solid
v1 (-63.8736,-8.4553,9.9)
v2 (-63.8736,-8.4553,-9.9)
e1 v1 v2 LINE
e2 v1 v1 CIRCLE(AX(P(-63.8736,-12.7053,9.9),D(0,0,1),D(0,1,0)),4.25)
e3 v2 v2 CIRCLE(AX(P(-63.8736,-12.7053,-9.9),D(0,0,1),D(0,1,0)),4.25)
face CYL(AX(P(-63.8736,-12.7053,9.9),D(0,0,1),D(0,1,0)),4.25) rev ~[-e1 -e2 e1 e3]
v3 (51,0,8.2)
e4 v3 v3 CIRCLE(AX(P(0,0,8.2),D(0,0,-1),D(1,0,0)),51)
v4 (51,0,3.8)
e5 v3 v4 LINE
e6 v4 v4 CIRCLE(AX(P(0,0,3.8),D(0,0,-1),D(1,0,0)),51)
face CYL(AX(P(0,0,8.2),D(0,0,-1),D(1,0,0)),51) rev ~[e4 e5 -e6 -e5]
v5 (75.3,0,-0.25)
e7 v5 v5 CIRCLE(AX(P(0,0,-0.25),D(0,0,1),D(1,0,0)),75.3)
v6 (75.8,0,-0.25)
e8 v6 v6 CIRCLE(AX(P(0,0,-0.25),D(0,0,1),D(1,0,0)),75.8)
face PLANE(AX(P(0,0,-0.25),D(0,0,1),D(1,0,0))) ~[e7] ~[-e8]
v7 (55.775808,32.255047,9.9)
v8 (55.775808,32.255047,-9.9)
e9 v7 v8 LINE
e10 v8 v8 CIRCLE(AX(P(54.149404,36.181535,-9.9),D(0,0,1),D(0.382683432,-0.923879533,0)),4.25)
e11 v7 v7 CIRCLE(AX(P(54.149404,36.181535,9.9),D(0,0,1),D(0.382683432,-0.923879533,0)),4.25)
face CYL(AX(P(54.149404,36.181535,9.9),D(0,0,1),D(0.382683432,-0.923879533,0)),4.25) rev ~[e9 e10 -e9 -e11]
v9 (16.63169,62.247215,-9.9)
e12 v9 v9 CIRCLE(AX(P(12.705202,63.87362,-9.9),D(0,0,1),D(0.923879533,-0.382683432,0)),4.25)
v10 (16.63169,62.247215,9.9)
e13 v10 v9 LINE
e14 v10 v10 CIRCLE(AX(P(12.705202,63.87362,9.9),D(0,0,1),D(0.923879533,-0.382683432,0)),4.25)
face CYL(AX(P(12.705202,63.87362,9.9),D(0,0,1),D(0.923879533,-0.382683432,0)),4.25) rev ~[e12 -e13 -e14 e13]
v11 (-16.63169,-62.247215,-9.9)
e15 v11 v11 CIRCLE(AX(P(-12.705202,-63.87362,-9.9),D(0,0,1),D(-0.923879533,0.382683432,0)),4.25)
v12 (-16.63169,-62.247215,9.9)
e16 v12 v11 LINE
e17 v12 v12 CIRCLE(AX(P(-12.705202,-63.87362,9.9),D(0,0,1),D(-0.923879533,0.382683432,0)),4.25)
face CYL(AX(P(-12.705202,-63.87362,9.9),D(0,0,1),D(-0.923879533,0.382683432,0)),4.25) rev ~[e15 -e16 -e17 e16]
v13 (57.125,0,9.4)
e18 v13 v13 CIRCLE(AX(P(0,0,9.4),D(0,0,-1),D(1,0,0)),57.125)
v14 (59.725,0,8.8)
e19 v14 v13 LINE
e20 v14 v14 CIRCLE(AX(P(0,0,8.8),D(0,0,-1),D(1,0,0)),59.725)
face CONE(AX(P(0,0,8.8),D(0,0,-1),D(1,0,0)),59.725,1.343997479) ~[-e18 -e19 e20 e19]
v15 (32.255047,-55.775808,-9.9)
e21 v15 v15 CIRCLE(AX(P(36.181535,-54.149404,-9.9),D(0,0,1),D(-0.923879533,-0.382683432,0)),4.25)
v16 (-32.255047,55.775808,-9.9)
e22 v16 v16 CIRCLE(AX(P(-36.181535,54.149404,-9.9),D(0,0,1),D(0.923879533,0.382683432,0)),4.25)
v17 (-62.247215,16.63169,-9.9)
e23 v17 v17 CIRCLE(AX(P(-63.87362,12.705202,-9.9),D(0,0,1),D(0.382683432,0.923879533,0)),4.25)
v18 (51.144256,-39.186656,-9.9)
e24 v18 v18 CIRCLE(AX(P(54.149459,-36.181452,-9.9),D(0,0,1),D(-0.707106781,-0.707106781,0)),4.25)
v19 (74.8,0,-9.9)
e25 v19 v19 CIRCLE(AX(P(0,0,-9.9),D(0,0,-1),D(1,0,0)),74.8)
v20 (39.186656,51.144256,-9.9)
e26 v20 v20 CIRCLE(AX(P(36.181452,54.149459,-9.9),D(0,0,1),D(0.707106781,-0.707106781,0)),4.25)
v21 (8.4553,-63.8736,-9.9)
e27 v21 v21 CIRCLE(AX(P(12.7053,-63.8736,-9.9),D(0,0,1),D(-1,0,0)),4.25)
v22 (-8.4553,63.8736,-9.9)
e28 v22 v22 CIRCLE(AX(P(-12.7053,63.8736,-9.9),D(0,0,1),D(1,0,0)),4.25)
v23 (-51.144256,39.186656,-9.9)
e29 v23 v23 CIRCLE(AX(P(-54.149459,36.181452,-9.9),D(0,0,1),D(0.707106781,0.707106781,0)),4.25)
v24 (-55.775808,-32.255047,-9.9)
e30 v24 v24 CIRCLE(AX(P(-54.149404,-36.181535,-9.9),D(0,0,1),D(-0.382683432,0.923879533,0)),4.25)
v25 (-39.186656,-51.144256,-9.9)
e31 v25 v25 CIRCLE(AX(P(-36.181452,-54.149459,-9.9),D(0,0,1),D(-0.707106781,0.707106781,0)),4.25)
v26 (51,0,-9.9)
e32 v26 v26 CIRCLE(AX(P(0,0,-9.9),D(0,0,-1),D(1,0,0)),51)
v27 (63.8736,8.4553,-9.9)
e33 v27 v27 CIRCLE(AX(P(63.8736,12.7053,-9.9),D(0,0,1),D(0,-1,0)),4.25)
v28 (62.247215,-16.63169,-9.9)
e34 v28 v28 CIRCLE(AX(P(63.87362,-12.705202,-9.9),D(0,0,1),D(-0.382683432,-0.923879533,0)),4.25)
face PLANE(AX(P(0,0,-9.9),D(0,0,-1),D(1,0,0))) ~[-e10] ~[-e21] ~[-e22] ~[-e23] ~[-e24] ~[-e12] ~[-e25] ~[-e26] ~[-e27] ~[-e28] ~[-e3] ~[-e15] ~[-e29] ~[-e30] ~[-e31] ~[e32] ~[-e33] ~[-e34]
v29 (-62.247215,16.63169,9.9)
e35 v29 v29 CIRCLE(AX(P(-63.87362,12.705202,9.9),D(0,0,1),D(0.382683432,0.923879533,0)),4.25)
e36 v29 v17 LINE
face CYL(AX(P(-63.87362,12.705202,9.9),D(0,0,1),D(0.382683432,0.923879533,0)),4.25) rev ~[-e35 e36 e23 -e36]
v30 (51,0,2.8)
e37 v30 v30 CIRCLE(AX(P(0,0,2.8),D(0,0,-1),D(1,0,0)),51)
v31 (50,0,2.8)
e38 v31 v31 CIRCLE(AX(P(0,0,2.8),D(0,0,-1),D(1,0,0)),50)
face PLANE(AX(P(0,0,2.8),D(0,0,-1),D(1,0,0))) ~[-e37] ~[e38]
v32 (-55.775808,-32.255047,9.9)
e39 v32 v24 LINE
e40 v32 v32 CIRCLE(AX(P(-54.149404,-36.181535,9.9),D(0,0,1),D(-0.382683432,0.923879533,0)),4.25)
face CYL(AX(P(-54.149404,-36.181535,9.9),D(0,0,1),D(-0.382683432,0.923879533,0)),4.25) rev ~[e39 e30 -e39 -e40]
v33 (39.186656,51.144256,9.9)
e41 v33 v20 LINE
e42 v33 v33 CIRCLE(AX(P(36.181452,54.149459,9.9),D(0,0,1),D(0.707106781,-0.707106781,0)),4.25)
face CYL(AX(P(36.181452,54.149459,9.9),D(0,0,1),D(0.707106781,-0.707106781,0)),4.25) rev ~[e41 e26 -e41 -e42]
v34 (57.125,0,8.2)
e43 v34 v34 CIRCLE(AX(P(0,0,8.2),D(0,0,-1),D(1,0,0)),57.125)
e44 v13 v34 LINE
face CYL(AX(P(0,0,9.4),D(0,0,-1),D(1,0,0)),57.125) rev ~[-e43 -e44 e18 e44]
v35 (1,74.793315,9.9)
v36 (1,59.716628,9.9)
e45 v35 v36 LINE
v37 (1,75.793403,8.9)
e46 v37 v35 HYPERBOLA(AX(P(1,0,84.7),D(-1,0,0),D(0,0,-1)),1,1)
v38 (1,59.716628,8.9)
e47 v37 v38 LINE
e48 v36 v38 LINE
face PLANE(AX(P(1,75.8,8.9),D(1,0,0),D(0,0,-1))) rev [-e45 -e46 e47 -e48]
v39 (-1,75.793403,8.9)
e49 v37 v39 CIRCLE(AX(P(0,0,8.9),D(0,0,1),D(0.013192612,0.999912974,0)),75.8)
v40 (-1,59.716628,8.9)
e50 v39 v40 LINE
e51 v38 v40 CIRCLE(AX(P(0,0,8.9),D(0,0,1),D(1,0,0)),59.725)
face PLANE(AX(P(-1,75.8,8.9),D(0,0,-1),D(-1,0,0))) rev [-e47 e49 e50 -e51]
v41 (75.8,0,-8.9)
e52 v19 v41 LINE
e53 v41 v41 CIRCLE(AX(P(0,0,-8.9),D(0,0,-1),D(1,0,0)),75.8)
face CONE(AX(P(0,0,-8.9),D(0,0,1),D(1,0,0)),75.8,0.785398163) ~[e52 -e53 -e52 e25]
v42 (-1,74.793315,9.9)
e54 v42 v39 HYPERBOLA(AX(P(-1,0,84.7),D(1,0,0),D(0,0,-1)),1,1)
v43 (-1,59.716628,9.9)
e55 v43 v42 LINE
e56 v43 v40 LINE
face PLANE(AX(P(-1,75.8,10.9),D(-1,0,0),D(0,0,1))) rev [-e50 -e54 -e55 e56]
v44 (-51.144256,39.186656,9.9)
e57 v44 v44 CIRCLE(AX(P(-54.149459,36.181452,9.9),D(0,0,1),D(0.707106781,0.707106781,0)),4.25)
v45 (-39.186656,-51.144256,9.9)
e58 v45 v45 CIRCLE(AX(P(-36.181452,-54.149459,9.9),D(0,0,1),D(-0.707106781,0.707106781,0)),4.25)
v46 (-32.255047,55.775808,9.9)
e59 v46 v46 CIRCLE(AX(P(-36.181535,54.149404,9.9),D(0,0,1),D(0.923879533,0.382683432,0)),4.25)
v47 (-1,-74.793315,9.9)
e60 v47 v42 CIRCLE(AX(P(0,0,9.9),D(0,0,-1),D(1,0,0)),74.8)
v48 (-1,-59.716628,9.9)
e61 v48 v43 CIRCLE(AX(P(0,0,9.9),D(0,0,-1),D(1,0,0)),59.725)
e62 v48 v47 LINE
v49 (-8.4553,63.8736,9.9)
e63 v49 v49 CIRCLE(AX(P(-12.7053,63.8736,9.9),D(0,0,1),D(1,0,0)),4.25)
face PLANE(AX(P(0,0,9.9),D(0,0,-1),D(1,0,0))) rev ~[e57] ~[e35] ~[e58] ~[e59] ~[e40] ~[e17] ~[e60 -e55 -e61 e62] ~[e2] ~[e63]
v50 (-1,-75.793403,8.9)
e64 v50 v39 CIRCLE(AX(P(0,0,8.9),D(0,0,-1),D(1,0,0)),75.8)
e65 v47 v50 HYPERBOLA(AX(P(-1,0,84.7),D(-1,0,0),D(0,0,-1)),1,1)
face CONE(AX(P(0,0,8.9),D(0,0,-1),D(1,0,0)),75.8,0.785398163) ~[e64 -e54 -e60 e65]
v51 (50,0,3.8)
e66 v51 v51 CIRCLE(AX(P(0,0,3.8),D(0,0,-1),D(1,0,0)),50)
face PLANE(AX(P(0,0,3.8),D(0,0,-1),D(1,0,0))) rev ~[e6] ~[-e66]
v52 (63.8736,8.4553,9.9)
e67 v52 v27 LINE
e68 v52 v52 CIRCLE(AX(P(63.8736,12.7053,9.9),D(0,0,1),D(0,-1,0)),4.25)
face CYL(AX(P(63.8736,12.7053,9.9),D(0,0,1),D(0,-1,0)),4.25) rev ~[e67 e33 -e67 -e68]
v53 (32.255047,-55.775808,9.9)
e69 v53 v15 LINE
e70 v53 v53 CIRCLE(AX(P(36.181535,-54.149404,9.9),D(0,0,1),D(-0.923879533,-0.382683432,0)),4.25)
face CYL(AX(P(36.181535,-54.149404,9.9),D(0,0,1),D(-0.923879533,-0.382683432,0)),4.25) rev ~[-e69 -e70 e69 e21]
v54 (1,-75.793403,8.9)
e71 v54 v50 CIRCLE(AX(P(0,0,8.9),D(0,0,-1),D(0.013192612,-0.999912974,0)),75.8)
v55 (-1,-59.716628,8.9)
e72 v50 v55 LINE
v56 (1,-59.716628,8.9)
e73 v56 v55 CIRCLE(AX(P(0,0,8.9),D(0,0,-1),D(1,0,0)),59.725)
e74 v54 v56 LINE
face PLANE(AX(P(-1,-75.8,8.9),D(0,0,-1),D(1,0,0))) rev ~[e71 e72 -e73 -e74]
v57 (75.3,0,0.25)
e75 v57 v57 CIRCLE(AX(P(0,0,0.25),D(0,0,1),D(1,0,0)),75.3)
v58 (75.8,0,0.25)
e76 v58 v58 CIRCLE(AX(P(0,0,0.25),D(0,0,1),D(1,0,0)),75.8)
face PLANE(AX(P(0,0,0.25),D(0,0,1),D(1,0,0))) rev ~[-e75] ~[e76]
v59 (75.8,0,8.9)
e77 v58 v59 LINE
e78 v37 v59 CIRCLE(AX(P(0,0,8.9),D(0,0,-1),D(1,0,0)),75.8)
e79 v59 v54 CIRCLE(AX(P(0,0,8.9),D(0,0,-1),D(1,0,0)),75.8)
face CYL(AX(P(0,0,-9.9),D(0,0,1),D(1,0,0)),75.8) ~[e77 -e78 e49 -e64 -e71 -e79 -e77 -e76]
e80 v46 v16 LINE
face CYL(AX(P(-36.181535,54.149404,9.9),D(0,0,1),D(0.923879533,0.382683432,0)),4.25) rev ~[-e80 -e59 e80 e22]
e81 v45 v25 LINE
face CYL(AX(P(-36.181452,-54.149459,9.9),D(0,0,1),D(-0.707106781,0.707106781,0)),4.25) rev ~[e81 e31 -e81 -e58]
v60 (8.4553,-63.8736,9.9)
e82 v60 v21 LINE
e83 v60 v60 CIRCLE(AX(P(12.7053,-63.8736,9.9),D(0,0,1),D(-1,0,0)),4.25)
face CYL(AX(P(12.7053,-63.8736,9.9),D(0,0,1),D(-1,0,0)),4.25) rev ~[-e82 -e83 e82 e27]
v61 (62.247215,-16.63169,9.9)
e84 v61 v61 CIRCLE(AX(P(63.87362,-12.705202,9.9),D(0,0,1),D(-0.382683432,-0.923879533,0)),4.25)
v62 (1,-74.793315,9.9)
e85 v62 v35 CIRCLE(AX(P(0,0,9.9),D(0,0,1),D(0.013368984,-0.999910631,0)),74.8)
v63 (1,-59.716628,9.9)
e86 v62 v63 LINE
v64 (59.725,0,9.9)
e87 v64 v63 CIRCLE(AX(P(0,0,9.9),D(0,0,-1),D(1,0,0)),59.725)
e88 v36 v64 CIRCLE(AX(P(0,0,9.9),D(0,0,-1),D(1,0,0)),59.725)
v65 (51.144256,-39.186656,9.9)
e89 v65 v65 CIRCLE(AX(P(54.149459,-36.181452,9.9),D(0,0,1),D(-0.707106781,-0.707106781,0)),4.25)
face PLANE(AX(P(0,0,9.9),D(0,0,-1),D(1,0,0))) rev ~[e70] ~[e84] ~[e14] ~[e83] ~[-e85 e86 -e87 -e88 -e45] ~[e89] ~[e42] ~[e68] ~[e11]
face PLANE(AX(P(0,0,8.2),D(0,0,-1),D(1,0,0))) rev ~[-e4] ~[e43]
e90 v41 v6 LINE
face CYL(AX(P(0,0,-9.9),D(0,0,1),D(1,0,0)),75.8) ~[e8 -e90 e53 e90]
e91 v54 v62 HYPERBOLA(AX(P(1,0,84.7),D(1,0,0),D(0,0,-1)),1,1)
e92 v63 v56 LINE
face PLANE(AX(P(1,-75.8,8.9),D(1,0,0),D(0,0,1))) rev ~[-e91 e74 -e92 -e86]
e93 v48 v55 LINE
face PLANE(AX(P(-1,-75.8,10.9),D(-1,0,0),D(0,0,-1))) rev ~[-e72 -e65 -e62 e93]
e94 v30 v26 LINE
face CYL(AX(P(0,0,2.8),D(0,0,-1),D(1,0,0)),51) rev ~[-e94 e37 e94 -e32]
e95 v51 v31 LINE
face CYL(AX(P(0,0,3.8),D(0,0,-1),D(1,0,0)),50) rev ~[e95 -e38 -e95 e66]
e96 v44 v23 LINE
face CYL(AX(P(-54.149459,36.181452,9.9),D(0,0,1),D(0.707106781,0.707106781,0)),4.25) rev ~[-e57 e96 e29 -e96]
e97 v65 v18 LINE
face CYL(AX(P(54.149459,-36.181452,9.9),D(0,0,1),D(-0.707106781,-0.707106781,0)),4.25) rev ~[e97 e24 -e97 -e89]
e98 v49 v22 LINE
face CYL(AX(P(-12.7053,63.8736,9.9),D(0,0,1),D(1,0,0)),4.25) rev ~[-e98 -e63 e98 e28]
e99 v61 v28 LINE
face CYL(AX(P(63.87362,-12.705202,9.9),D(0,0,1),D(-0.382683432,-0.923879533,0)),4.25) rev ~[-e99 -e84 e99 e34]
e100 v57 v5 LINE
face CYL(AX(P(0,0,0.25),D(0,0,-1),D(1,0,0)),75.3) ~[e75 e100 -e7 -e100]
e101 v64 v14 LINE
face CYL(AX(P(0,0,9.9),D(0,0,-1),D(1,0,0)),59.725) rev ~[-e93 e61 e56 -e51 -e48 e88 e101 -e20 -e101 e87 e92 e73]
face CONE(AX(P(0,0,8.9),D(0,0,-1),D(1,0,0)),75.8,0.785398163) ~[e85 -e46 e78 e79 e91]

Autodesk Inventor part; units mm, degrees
ref_plane "YZ Plane" through (0, 0, 0) normal (1, 0, 0) x (0, 1, 0)
ref_plane "XY Plane" through (0, 0, 0) normal (0, 0, 1) x (1, 0, 0)
sketch "Sketch1" plane through (0, 0, 0) normal (0, 1, 0) x (-1, 0, 0)
  line L0 (-51, -9.9) -> (-75.8, -9.9)
  line L1 (-75.8, -9.9) -> (-75.8, 9.9)
  line L2 (-75.8, 9.9) -> (-59.725, 9.9)
  line L3 (-59.725, 9.9) -> (-59.725, 8.8)
  line L4 (-59.725, 8.8) -> (-57.125, 9.4)
  line L5 (-57.125, 9.4) -> (-57.125, 8.2)
  line L6 (-57.125, 8.2) -> (-51, 8.2)
  line L7 (-51, 3.8) -> (-50, 3.8)
  line L8 (-50, 3.8) -> (-50, 2.8)
  line L9 (-50, 2.8) -> (-51, 2.8)
  line L10 (-51, 2.8) -> (-51, -9.9)
  line L11 (0, 17.0821) -> (0, -17.0821)
  line L12 (0, 0) -> (-89.5532, 0) construction
  line L13 (-51, 8.2) -> (-51, 3.8)
  line L14 (-65.125, 1.8471) -> (-65.125, -11.1229) construction
  point P0 (-75.8, 0)
  dimension "uA" = 151.6
  dimension "uC" = 19.8
  dimension "d4" = 1.1
  dimension "d5" = 0.5
  dimension "d6" = 2.6
  dimension "d7" = 1.7
  dimension "PCD" = 130.25
  dimension "uKnife" = 8
  dimension "uWeld" = 1
  dimension "d13" = 1
  dimension "uK" = 102
  dimension "uB" = 102
  dimension "uD" = 7.1
revolve "Revolution1" add sketch "Sketch1" angle 360 about axis through (0, 0, 17.0821) along (0, 0, -1)
sketch "Sketch2" plane through (0, 0, 9.9) normal (0, 0, 1) x (1, 0, 0)
  line L0 (0, 0) -> (0, 47.8719) construction
  line L1 (0, 0) -> (-12.7053, 63.8736) construction
  circle A0 centre (-12.7053, 63.8736) radius 4.25
  dimension "hole_diam" = 8.5
  dimension "d18" = 65.125
  dimension "bolt_angle" = 11.25
extrude "Extrusion1" cut sketch "Sketch2" against normal through all
pattern_circular "Circular Pattern1" count 16 over 360 about axis through (0, 0, -10) along (0, 0, 1) of "Extrusion1"
chamfer "Chamfer1" distance 1 angle 45 2 edges at (-75.8, 0, 9.9) (-75.8, 0, -9.9)
sketch "Sketch3" plane through (0, 0, 0) normal (0, 1, 0) x (-1, 0, 0)
  line L0 (-76.3, 0.25) -> (-75.3, 0.25)
  line L1 (-75.3, 0.25) -> (-75.3, -0.25)
  line L2 (-75.3, -0.25) -> (-76.3, -0.25)
  line L3 (-76.3, -0.25) -> (-76.3, 0.25)
  line L4 (0, 0) -> (-75.8, 0) construction
  line L5 (-75.8, -8.9) -> (-75.8, 8.9) construction
  line L6 (-75.3, 0.25) -> (-76.3, -0.25) construction
  line L7 (-76.3, 0.25) -> (-75.3, -0.25) construction
  line L8 (0, -15.82) -> (0, 15.82) projected
  point P0 (-75.3, 0)
  point P1 (-75.8, 0.25)
  dimension "d28" = 1
  dimension "d29" = 0.5
revolve "Revolution2" cut sketch "Sketch3" angle 360 about axis through (0, 0, -10) along (0, 0, 1)
ref_plane "Work Plane1" through (0, -75.8, 0) normal (0, 1, 0) x (-1, 0, 0)
sketch "Sketch4" plane through (0, -75.8, 0) normal (0, 1, 0) x (-1, 0, 0)
  line L0 (1, 10.9) -> (1, 8.9)
  line L1 (1, 8.9) -> (-1, 8.9)
  line L2 (-1, 8.9) -> (-1, 10.9)
  line L3 (-1, 10.9) -> (1, 10.9)
  line L4 (0, 0) -> (0, 11.6519) construction
  line L5 (-74.8, 9.9) -> (74.8, 9.9) construction
  point P0 (0, 10.9)
  point P1 (-1, 9.9)
  dimension "d31" = 2
  dimension "d32" = 2
extrude "Extrusion2" cut sketch "Sketch4" along normal up to surface
mirror "Mirror1" about plane through (0, 0, 0) normal (0, 1, 0) of "Extrusion2"
equation "\"d18\" = 0.5 * PCD"
properties part number "UFC-05" material "Stainless Steel, 440C"
